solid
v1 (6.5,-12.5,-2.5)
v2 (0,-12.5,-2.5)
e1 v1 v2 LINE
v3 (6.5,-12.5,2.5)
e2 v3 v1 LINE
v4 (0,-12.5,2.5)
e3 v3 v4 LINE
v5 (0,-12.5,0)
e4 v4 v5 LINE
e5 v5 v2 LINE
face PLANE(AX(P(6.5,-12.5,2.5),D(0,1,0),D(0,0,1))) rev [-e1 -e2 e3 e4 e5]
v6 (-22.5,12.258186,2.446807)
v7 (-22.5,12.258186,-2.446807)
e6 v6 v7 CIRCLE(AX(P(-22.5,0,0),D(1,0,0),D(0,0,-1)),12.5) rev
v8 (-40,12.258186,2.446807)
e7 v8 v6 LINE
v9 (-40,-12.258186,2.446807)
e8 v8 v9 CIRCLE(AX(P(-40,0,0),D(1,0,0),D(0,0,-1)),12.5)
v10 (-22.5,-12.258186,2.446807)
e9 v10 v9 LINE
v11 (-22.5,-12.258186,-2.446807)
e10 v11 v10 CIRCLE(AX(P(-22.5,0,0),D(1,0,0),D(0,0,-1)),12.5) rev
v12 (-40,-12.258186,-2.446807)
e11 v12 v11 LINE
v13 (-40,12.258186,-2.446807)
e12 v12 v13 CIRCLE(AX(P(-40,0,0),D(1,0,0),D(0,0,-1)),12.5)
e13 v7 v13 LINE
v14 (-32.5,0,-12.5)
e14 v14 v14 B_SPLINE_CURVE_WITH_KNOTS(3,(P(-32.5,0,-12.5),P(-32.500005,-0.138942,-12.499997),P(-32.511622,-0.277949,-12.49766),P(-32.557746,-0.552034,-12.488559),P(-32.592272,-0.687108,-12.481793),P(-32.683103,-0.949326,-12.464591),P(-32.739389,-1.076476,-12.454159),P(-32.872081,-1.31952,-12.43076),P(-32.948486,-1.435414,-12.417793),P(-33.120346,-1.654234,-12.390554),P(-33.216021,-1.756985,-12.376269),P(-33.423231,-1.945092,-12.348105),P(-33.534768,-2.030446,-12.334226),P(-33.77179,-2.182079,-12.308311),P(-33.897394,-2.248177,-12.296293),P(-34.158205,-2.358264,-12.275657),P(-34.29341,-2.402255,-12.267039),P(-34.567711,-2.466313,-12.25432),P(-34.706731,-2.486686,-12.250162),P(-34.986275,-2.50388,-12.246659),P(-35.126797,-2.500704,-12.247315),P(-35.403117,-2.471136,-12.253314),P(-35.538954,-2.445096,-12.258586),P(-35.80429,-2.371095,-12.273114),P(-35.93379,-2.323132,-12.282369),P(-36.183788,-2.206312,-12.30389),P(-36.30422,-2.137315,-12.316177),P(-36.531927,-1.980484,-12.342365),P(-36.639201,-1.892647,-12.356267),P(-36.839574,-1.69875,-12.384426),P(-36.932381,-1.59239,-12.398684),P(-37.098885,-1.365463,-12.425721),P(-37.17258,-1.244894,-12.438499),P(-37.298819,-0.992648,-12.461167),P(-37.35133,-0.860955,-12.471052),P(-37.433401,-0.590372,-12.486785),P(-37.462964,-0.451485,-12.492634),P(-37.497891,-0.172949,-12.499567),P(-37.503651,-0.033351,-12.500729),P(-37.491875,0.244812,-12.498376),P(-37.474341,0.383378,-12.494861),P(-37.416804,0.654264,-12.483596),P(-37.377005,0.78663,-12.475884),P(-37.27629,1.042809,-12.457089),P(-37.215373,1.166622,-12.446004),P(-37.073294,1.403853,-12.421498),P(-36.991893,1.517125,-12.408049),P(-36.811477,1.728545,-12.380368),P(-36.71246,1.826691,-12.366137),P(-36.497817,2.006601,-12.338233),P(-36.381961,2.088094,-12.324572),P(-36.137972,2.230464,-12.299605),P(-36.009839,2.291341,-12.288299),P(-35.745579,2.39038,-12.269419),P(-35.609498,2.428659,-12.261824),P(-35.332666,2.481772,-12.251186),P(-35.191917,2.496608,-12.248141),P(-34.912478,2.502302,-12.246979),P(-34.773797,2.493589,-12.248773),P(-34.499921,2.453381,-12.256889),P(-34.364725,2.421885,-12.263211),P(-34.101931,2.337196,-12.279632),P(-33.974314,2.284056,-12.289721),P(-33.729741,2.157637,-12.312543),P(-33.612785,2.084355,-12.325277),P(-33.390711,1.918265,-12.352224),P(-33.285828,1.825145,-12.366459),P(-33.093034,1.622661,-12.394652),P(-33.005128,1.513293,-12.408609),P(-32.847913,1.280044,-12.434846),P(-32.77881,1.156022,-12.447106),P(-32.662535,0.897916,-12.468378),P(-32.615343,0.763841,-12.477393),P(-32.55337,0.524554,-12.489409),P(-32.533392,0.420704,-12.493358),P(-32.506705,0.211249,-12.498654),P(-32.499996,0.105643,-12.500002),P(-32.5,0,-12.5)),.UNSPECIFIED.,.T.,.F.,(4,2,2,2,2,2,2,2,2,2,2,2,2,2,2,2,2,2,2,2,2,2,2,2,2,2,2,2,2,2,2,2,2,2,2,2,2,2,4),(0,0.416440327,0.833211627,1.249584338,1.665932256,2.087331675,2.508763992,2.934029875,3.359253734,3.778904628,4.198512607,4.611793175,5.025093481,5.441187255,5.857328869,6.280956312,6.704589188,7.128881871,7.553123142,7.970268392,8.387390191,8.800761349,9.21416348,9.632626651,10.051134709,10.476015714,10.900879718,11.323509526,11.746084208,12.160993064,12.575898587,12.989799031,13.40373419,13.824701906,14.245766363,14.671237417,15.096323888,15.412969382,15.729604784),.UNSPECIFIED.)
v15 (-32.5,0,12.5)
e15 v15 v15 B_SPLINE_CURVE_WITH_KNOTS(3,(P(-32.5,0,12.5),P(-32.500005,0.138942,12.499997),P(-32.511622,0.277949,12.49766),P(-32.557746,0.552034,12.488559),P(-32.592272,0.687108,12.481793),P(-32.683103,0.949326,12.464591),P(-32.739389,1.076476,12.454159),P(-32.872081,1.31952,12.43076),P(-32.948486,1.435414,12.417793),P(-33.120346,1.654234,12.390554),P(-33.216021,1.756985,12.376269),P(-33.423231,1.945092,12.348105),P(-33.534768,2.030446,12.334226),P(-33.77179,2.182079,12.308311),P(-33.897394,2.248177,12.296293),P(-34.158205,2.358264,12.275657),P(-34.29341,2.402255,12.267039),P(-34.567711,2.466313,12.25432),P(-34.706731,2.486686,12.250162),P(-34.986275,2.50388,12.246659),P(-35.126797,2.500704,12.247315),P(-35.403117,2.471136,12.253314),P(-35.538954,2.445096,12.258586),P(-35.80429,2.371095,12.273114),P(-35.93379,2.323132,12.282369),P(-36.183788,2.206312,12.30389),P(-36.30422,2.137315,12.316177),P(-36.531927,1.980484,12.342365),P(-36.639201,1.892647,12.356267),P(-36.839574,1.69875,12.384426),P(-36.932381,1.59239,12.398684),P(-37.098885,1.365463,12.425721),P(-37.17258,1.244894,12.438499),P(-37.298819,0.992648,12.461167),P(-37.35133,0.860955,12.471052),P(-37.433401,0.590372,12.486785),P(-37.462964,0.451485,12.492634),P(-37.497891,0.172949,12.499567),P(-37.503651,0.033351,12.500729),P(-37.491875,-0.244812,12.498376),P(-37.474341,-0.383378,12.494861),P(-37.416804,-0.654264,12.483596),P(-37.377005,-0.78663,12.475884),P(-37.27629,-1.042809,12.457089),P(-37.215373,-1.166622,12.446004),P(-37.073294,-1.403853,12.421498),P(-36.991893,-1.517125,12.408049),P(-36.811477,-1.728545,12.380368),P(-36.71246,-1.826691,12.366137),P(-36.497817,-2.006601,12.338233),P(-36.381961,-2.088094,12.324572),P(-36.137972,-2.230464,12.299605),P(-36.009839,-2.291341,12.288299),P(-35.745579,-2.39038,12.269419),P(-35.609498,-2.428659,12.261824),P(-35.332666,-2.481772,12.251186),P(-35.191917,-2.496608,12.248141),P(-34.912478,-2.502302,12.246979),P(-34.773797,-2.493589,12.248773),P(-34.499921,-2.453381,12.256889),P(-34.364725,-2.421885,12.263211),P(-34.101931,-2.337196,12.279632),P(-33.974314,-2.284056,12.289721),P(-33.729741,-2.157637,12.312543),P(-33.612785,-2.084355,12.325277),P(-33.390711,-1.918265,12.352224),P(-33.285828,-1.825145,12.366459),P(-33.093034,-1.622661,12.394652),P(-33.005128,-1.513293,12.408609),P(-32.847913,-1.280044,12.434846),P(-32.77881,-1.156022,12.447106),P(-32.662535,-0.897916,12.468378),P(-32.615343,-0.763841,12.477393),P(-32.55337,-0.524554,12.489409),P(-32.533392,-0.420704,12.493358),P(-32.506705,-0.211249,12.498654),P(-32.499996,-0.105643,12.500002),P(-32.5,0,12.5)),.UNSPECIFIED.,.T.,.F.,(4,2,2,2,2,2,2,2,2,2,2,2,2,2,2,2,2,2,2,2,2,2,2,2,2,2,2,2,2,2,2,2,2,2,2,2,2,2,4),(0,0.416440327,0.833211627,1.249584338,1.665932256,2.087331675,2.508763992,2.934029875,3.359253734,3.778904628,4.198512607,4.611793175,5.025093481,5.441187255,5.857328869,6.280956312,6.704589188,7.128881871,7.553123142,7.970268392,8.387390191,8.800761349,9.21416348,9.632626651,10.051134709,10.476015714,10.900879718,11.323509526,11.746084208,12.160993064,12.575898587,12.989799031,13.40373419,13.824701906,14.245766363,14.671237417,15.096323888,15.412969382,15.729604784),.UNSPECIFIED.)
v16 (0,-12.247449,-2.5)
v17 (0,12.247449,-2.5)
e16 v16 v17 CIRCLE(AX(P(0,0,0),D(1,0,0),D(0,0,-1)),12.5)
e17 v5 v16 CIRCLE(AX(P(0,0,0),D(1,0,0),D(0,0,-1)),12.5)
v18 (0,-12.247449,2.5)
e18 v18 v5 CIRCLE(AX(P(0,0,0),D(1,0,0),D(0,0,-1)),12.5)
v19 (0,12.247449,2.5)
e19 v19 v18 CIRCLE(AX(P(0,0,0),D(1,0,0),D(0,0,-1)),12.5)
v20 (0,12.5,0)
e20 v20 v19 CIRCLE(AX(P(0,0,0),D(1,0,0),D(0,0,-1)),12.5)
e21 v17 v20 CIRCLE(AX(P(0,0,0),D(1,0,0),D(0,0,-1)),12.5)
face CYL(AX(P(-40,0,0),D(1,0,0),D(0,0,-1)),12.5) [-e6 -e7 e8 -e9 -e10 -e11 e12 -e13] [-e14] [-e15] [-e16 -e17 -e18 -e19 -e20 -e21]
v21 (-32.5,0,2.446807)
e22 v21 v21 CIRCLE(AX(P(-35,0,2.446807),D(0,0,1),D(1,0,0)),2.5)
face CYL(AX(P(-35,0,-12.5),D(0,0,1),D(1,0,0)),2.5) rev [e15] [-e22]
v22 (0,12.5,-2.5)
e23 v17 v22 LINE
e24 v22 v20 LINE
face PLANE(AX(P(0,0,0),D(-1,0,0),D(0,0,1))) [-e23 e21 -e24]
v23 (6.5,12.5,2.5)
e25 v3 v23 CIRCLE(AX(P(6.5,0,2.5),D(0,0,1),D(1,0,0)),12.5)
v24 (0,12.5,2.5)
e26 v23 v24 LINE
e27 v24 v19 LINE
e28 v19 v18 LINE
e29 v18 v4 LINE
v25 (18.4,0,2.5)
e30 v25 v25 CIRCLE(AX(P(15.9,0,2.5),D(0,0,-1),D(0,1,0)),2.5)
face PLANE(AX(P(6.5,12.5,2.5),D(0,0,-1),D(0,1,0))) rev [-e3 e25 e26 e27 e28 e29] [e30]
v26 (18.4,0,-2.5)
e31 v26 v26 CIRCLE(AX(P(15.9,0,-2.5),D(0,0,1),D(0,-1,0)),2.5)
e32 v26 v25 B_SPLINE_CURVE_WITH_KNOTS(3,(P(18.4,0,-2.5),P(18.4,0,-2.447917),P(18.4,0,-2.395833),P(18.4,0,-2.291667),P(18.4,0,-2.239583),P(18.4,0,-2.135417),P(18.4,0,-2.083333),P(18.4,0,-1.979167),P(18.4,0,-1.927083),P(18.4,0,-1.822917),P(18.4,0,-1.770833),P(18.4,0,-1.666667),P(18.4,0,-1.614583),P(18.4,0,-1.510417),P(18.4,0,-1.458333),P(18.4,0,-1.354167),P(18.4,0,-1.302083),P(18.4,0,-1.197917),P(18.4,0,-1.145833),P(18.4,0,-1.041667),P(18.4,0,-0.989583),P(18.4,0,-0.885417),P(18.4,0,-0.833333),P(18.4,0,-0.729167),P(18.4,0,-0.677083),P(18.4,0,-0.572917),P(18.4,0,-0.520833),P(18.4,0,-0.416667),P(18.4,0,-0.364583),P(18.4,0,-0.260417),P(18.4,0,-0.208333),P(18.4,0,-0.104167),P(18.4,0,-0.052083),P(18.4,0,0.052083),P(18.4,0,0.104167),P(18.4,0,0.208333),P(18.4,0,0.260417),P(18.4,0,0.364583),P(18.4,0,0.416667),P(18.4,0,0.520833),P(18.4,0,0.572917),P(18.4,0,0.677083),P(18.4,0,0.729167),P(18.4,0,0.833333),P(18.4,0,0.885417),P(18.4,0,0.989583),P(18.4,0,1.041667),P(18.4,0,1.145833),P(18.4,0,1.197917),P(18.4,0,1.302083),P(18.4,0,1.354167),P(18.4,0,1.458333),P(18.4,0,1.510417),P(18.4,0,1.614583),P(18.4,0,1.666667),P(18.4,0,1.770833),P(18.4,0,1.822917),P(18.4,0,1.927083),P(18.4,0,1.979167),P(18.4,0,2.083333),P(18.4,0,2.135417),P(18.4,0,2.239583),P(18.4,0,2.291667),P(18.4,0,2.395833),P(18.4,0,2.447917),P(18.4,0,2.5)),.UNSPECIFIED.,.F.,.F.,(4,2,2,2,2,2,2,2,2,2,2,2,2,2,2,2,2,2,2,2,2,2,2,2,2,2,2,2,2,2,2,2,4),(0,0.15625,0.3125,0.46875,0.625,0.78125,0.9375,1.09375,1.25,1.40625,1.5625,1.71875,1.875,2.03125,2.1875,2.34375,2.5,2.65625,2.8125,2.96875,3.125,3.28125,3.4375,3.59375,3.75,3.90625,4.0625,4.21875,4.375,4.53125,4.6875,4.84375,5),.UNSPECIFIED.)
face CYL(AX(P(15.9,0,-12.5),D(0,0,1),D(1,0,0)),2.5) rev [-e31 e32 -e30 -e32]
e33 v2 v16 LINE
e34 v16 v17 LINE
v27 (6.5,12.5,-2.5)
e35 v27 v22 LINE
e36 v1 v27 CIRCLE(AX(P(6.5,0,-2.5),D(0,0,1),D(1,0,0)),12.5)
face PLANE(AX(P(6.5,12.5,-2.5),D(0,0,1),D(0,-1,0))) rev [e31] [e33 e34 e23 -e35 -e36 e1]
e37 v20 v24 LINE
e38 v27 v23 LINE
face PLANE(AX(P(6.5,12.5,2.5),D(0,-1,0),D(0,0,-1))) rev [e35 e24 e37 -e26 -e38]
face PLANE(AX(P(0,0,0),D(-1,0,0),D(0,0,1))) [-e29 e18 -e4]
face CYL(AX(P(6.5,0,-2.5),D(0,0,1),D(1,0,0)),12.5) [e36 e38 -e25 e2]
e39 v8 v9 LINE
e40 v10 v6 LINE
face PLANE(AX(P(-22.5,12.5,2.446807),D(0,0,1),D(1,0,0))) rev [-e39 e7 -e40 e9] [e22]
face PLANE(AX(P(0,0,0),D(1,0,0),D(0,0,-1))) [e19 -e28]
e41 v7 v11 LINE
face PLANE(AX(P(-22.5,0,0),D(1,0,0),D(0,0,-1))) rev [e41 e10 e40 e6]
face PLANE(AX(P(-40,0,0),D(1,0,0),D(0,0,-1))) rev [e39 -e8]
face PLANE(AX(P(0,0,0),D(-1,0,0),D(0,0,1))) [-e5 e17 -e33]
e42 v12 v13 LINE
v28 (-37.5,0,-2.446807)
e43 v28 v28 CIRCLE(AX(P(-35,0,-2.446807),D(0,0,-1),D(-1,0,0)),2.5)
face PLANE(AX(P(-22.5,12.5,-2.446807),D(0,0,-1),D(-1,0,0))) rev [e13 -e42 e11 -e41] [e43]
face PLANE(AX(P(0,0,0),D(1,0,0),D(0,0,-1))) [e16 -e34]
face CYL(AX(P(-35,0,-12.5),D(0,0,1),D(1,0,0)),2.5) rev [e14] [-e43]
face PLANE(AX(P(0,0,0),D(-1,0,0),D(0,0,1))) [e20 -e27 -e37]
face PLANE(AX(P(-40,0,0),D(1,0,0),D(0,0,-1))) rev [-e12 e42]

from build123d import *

# Parameters (mm, degrees)
SKETCH1_R               = 12.5
BOSS_EXTRUDE1_DEPTH     = 40
SKETCH6_W               = 5
SKETCH6_H               = 25
BOSS_EXTRUDE3_DEPTH     = 6.5
BOSS_EXTRUDE4_DEPTH     = 5
CUT_EXTRUDE1_DEPTH      = 45.511234537
CUT_EXTRUDE1_DEPTH_BACK = 45.511234537
SKETCH10_R              = 2.5
SKETCH12_W              = 4.8936145
SKETCH12_H              = 25
CUT_EXTRUDE2_DEPTH      = 17.5
CUT_EXTRUDE3_DEPTH      = 44.732139211
CUT_EXTRUDE3_DEPTH_BACK = 44.732139211
SKETCH13_R              = 2.5


with BuildPart() as part:
    # Sketch1 → Boss-Extrude1 (new body)
    with BuildSketch(Plane(origin=(0, 0, 0), x_dir=(0, 0, -1), z_dir=(1, 0, 0))):
        Circle(SKETCH1_R)
    extrude(amount=-BOSS_EXTRUDE1_DEPTH)

    # Sketch6 → Boss-Extrude3 (add)
    with BuildSketch(Plane(origin=(0, 0, 0), x_dir=(0, 0, -1), z_dir=(1, 0, 0))):
        Rectangle(SKETCH6_W, SKETCH6_H)
    extrude(amount=BOSS_EXTRUDE3_DEPTH)

    # Sketch8 → Boss-Extrude4 (add)
    with BuildSketch(Plane.XY.offset(2.5)):
        with BuildLine():
            Line((6.5, 12.5), (6.5, -12.5))
            ThreePointArc((6.5, -12.5), (19, 0), (6.5, 12.5))
        make_face()
    extrude(amount=-BOSS_EXTRUDE4_DEPTH)

    # Sketch10 → Cut-Extrude1 (cut, two sides: drawn at the far end of the back side and taken through both)
    with BuildSketch(Plane.XY.offset(2.5).offset(-CUT_EXTRUDE1_DEPTH_BACK)):
        with Locations((15.9, 0)):
            Circle(SKETCH10_R)
    extrude(amount=CUT_EXTRUDE1_DEPTH + CUT_EXTRUDE1_DEPTH_BACK, mode=Mode.SUBTRACT)

    # Sketch12 → Cut-Extrude2 (cut)
    with BuildSketch(Plane.ZY.offset(40)):
        Rectangle(SKETCH12_W, SKETCH12_H)
    extrude(amount=-CUT_EXTRUDE2_DEPTH, mode=Mode.SUBTRACT)

    # Sketch13 → Cut-Extrude3 (cut, two sides: drawn at the far end of the back side and taken through both)
    with BuildSketch(Plane.XY.offset(-CUT_EXTRUDE3_DEPTH_BACK)):
        with Locations((-35, 0)):
            Circle(SKETCH13_R)
    extrude(amount=CUT_EXTRUDE3_DEPTH + CUT_EXTRUDE3_DEPTH_BACK, mode=Mode.SUBTRACT)


solid = part.part
